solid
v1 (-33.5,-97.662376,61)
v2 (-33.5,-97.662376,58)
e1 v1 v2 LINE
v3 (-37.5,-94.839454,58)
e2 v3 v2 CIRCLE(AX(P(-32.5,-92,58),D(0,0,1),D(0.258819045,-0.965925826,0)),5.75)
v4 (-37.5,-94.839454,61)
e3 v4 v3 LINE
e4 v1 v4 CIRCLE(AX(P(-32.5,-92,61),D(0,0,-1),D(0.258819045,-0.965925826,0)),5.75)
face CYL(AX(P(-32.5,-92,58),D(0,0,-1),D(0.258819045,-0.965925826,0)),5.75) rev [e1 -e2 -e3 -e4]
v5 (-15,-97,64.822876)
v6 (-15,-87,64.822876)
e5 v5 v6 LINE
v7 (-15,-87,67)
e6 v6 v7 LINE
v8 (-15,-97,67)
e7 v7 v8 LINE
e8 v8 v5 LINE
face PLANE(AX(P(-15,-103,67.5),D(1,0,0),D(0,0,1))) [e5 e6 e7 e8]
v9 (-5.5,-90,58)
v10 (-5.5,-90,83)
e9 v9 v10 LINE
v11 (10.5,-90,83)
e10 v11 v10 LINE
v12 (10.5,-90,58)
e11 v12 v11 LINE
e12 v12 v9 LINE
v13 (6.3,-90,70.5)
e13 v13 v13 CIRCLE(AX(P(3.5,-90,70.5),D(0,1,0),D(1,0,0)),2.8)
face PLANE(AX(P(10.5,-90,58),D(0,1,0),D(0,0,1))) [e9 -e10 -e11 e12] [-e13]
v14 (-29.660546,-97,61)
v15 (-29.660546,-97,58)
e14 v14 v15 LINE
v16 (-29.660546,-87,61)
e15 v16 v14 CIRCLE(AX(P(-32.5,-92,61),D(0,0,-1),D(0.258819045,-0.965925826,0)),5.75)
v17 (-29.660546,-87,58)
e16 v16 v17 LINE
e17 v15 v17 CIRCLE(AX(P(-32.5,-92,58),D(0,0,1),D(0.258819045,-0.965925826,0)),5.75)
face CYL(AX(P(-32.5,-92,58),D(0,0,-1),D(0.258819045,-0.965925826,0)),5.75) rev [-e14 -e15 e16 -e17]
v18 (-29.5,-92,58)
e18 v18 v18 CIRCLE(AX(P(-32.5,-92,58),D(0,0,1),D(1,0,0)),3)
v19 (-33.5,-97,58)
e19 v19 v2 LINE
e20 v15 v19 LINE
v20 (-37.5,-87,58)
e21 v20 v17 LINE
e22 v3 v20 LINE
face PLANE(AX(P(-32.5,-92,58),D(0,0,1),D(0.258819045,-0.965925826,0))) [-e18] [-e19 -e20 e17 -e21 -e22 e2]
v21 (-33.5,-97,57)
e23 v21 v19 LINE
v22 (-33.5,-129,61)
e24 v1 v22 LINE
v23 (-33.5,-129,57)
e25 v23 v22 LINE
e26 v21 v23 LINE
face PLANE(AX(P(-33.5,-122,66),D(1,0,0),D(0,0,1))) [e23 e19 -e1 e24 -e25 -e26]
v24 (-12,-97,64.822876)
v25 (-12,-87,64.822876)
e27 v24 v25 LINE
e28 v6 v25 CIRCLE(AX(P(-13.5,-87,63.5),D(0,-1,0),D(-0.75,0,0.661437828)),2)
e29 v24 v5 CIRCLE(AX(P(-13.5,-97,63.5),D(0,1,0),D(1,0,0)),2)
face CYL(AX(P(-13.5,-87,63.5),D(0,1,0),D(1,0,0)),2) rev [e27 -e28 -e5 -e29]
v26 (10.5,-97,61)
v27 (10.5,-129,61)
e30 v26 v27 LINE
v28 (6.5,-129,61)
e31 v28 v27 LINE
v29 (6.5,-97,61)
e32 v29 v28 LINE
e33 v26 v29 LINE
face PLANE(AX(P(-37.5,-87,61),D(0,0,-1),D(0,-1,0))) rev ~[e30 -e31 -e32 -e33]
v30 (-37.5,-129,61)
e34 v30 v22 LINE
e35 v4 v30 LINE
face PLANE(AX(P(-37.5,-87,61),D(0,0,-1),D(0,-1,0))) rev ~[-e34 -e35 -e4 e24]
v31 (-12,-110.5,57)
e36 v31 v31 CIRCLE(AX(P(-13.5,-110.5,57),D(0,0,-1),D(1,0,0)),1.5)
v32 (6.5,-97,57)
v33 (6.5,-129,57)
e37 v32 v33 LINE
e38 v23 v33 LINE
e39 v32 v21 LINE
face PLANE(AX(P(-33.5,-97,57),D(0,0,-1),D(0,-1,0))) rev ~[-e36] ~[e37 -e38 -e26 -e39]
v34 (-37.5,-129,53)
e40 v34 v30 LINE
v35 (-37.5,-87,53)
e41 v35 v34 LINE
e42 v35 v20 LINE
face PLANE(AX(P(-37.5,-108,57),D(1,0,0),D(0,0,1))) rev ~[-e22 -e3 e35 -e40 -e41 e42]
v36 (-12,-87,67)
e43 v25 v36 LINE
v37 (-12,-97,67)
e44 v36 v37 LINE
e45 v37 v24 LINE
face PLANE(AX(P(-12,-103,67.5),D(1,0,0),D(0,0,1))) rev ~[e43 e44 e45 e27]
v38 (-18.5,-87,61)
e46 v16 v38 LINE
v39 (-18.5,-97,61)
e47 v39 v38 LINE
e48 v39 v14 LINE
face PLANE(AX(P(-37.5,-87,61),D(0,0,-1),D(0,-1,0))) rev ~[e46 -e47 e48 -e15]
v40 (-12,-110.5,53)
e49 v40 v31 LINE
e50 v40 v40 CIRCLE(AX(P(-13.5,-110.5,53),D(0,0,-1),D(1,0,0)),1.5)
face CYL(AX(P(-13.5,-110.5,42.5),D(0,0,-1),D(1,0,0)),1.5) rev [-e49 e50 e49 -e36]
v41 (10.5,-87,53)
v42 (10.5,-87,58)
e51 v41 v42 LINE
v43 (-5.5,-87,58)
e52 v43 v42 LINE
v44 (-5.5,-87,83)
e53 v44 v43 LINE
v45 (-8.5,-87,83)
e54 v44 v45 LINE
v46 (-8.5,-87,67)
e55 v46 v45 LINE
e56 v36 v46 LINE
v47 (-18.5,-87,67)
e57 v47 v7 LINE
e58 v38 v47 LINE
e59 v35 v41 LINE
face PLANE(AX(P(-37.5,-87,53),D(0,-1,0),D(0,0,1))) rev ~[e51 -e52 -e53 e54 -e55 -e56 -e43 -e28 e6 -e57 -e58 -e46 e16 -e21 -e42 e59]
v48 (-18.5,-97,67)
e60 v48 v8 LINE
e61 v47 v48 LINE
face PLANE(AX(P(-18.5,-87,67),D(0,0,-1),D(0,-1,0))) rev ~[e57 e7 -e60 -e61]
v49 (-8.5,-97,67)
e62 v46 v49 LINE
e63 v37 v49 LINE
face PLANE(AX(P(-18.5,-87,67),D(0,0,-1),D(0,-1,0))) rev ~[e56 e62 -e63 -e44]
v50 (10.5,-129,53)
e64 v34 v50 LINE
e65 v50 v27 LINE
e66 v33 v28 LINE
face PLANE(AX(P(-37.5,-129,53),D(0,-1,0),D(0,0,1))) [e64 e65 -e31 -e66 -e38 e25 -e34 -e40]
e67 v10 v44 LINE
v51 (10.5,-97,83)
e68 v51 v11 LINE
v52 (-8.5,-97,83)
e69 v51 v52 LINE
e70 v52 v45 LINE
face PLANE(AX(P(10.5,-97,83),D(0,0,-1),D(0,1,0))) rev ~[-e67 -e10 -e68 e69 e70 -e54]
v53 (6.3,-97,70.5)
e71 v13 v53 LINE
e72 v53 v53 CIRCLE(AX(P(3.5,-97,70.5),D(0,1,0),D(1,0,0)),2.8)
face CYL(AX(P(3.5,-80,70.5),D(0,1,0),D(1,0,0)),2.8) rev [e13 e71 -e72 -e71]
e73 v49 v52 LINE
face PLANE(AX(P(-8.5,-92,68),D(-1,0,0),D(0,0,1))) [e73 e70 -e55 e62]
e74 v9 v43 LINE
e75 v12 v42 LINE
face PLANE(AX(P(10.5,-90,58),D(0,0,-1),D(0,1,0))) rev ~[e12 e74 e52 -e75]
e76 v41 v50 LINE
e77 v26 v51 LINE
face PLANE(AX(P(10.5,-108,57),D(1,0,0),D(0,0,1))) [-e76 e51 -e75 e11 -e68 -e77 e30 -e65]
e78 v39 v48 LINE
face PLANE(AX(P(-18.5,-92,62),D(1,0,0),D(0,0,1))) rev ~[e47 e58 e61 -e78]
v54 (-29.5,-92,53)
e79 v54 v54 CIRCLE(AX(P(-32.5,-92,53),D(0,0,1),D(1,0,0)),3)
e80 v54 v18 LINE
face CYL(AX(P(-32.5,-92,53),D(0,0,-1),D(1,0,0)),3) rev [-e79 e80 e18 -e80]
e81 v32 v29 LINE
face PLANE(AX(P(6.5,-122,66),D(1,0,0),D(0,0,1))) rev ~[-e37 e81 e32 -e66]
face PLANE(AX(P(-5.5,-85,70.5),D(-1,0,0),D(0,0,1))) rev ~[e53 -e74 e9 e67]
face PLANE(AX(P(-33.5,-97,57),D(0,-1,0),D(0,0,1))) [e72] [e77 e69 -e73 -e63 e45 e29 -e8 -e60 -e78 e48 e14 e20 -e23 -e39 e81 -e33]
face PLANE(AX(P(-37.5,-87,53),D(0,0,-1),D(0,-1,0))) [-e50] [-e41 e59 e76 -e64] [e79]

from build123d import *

# Parameters (mm, degrees)
CYLINDER015_W               = 7.75
CYLINDER015_H               = 10
CYLINDER015_ANGLE           = 90
CYLINDER014_R               = 5.75
CYLINDER014_DEPTH           = 10
CYLINDER014_PLACEMENT_ANGLE = 285
CYLINDER013_R               = 3
CYLINDER013_DEPTH           = 10
CYLINDER_R                  = 2.8
CYLINDER_DEPTH              = 19
BOX_W                       = 25
BOX_H                       = 10
BOX_DEPTH                   = 16
CYLINDER011_R               = 2
CYLINDER011_DEPTH           = 20
CYLINDER012_R               = 1.5
CYLINDER012_DEPTH           = 42
BOX020_W                    = 18
BOX020_H                    = 50
BOX020_DEPTH                = 40
BOX021_W                    = 9
BOX021_H                    = 32
BOX021_DEPTH                = 3
BOX018_W                    = 8
BOX018_H                    = 42
BOX018_DEPTH                = 48
BOX019_W                    = 10
BOX019_H                    = 10
BOX019_DEPTH                = 10
CUT_PLACEMENT_ANGLE         = 180
BOX022_W                    = 30
BOX022_H                    = 10
BOX022_DEPTH                = 19


with BuildPart() as cylinder015:
    # Cylinder015 → Cylinder015 (revolve)
    with BuildSketch(Plane(origin=(-32.5, -92, 58), x_dir=(0, 1, 0), z_dir=(1, 0, 0))):
        with Locations((3.875, 5)):
            Rectangle(CYLINDER015_W, CYLINDER015_H)
    revolve(axis=Axis((-32.5, -92, 58), (0, 0, 1)), revolution_arc=CYLINDER015_ANGLE)


with BuildPart() as cylinder014:
    # Cylinder014 → Cylinder014 (new body)
    with BuildSketch(Plane.XY):
        Circle(CYLINDER014_R)
    extrude(amount=CYLINDER014_DEPTH)


with BuildPart() as cylinder014_1:
    # Cylinder014 placement: moved
    add(cylinder014.part.moved(Location((-32.5, -92, 58))).rotate(Axis((-32.5, -92, 58), (0, 0, 1)), CYLINDER014_PLACEMENT_ANGLE))


with BuildPart() as cylinder013:
    # Cylinder013 → Cylinder013 (new body)
    with BuildSketch(Plane(origin=(-32.5, -92, 53), x_dir=(1, 0, 0), z_dir=(0, 0, 1))):
        Circle(CYLINDER013_R)
    extrude(amount=CYLINDER013_DEPTH)


with BuildPart() as cylinder:
    # Cylinder → Cylinder (new body)
    with BuildSketch(Plane(origin=(3.5, -80, 70.5), x_dir=(1, 0, 0), z_dir=(0, -1, 0))):
        Circle(CYLINDER_R)
    extrude(amount=CYLINDER_DEPTH)


with BuildPart() as fusion002:
    # Box → Box (new body)
    with BuildSketch(Plane(origin=(10.5, -90, 58), x_dir=(0, 0, 1), z_dir=(-1, 0, 0))):
        with Locations((12.5, 5)):
            Rectangle(BOX_W, BOX_H)
    extrude(amount=BOX_DEPTH)

    # Fusion002: union Cylinder
    add(cylinder.part)


with BuildPart() as cylinder001:
    # Cylinder011 → Cylinder011 (new body)
    with BuildSketch(Plane(origin=(13.5, 87, 63.5), x_dir=(-1, 0, 0), z_dir=(0, 1, 0))):
        Circle(CYLINDER011_R)
    extrude(amount=CYLINDER011_DEPTH)


with BuildPart() as cut001:
    # Cylinder012 → Cylinder012 (new body)
    with BuildSketch(Plane(origin=(13.5, 110.5, 42.5), x_dir=(-1, 0, 0), z_dir=(0, 0, 1))):
        Circle(CYLINDER012_R)
    extrude(amount=CYLINDER012_DEPTH)


with BuildPart() as gpscut:
    # Box020 → Box020 (new body)
    with BuildSketch(Plane(origin=(33.5, 97, 57), x_dir=(0, 0, 1), z_dir=(-1, 0, 0))):
        with Locations((9, 25)):
            Rectangle(BOX020_W, BOX020_H)
    extrude(amount=BOX020_DEPTH)


with BuildPart() as fusion001:
    # Box021 → Box021 (new body)
    with BuildSketch(Plane(origin=(15, 87, 63), x_dir=(0, 0, 1), z_dir=(-1, 0, 0))):
        with Locations((4.5, 16)):
            Rectangle(BOX021_W, BOX021_H)
    extrude(amount=BOX021_DEPTH)

    # Fusion001: union Cylinder001, cut001, gpsCut
    add(cylinder001.part)
    add(cut001.part)
    add(gpscut.part)


with BuildPart() as shell:
    # Box018 → Box018 (new body)
    with BuildSketch(Plane(origin=(37.5, 87, 53), x_dir=(0, 0, 1), z_dir=(-1, 0, 0))):
        with Locations((4, 21)):
            Rectangle(BOX018_W, BOX018_H)
    extrude(amount=BOX018_DEPTH)


with BuildPart() as gpsholer:
    # Box019 → Box019 (new body)
    with BuildSketch(Plane(origin=(18.5, 87, 57), x_dir=(0, 0, 1), z_dir=(-1, 0, 0))):
        with Locations((5, 5)):
            Rectangle(BOX019_W, BOX019_H)
    extrude(amount=BOX019_DEPTH)

    # Fusion: union shell
    add(shell.part)

    # Cut: cut Fusion001
    add(fusion001.part, mode=Mode.SUBTRACT)


with BuildPart() as gpsholer_1:
    # Cut placement: moved
    add(gpsholer.part.rotate(Axis((0, 0, 0), (0, 0, 1)), CUT_PLACEMENT_ANGLE))


with BuildPart() as gpsholder002:
    # Box022 → Box022 (new body)
    with BuildSketch(Plane(origin=(10.5, -97, 53), x_dir=(0, 0, 1), z_dir=(-1, 0, 0))):
        with Locations((15, 5)):
            Rectangle(BOX022_W, BOX022_H)
    extrude(amount=BOX022_DEPTH)

    # Fusion003: union gpsHoler
    add(gpsholer_1.part)

    # Cut001: cut Fusion002
    add(fusion002.part, mode=Mode.SUBTRACT)

    # Cut002: cut Cylinder013
    add(cylinder013.part, mode=Mode.SUBTRACT)

    # Cut003: cut Cylinder014
    add(cylinder014_1.part, mode=Mode.SUBTRACT)

    # Cut004: cut Cylinder015
    add(cylinder015.part, mode=Mode.SUBTRACT)


solid = gpsholder002.part
